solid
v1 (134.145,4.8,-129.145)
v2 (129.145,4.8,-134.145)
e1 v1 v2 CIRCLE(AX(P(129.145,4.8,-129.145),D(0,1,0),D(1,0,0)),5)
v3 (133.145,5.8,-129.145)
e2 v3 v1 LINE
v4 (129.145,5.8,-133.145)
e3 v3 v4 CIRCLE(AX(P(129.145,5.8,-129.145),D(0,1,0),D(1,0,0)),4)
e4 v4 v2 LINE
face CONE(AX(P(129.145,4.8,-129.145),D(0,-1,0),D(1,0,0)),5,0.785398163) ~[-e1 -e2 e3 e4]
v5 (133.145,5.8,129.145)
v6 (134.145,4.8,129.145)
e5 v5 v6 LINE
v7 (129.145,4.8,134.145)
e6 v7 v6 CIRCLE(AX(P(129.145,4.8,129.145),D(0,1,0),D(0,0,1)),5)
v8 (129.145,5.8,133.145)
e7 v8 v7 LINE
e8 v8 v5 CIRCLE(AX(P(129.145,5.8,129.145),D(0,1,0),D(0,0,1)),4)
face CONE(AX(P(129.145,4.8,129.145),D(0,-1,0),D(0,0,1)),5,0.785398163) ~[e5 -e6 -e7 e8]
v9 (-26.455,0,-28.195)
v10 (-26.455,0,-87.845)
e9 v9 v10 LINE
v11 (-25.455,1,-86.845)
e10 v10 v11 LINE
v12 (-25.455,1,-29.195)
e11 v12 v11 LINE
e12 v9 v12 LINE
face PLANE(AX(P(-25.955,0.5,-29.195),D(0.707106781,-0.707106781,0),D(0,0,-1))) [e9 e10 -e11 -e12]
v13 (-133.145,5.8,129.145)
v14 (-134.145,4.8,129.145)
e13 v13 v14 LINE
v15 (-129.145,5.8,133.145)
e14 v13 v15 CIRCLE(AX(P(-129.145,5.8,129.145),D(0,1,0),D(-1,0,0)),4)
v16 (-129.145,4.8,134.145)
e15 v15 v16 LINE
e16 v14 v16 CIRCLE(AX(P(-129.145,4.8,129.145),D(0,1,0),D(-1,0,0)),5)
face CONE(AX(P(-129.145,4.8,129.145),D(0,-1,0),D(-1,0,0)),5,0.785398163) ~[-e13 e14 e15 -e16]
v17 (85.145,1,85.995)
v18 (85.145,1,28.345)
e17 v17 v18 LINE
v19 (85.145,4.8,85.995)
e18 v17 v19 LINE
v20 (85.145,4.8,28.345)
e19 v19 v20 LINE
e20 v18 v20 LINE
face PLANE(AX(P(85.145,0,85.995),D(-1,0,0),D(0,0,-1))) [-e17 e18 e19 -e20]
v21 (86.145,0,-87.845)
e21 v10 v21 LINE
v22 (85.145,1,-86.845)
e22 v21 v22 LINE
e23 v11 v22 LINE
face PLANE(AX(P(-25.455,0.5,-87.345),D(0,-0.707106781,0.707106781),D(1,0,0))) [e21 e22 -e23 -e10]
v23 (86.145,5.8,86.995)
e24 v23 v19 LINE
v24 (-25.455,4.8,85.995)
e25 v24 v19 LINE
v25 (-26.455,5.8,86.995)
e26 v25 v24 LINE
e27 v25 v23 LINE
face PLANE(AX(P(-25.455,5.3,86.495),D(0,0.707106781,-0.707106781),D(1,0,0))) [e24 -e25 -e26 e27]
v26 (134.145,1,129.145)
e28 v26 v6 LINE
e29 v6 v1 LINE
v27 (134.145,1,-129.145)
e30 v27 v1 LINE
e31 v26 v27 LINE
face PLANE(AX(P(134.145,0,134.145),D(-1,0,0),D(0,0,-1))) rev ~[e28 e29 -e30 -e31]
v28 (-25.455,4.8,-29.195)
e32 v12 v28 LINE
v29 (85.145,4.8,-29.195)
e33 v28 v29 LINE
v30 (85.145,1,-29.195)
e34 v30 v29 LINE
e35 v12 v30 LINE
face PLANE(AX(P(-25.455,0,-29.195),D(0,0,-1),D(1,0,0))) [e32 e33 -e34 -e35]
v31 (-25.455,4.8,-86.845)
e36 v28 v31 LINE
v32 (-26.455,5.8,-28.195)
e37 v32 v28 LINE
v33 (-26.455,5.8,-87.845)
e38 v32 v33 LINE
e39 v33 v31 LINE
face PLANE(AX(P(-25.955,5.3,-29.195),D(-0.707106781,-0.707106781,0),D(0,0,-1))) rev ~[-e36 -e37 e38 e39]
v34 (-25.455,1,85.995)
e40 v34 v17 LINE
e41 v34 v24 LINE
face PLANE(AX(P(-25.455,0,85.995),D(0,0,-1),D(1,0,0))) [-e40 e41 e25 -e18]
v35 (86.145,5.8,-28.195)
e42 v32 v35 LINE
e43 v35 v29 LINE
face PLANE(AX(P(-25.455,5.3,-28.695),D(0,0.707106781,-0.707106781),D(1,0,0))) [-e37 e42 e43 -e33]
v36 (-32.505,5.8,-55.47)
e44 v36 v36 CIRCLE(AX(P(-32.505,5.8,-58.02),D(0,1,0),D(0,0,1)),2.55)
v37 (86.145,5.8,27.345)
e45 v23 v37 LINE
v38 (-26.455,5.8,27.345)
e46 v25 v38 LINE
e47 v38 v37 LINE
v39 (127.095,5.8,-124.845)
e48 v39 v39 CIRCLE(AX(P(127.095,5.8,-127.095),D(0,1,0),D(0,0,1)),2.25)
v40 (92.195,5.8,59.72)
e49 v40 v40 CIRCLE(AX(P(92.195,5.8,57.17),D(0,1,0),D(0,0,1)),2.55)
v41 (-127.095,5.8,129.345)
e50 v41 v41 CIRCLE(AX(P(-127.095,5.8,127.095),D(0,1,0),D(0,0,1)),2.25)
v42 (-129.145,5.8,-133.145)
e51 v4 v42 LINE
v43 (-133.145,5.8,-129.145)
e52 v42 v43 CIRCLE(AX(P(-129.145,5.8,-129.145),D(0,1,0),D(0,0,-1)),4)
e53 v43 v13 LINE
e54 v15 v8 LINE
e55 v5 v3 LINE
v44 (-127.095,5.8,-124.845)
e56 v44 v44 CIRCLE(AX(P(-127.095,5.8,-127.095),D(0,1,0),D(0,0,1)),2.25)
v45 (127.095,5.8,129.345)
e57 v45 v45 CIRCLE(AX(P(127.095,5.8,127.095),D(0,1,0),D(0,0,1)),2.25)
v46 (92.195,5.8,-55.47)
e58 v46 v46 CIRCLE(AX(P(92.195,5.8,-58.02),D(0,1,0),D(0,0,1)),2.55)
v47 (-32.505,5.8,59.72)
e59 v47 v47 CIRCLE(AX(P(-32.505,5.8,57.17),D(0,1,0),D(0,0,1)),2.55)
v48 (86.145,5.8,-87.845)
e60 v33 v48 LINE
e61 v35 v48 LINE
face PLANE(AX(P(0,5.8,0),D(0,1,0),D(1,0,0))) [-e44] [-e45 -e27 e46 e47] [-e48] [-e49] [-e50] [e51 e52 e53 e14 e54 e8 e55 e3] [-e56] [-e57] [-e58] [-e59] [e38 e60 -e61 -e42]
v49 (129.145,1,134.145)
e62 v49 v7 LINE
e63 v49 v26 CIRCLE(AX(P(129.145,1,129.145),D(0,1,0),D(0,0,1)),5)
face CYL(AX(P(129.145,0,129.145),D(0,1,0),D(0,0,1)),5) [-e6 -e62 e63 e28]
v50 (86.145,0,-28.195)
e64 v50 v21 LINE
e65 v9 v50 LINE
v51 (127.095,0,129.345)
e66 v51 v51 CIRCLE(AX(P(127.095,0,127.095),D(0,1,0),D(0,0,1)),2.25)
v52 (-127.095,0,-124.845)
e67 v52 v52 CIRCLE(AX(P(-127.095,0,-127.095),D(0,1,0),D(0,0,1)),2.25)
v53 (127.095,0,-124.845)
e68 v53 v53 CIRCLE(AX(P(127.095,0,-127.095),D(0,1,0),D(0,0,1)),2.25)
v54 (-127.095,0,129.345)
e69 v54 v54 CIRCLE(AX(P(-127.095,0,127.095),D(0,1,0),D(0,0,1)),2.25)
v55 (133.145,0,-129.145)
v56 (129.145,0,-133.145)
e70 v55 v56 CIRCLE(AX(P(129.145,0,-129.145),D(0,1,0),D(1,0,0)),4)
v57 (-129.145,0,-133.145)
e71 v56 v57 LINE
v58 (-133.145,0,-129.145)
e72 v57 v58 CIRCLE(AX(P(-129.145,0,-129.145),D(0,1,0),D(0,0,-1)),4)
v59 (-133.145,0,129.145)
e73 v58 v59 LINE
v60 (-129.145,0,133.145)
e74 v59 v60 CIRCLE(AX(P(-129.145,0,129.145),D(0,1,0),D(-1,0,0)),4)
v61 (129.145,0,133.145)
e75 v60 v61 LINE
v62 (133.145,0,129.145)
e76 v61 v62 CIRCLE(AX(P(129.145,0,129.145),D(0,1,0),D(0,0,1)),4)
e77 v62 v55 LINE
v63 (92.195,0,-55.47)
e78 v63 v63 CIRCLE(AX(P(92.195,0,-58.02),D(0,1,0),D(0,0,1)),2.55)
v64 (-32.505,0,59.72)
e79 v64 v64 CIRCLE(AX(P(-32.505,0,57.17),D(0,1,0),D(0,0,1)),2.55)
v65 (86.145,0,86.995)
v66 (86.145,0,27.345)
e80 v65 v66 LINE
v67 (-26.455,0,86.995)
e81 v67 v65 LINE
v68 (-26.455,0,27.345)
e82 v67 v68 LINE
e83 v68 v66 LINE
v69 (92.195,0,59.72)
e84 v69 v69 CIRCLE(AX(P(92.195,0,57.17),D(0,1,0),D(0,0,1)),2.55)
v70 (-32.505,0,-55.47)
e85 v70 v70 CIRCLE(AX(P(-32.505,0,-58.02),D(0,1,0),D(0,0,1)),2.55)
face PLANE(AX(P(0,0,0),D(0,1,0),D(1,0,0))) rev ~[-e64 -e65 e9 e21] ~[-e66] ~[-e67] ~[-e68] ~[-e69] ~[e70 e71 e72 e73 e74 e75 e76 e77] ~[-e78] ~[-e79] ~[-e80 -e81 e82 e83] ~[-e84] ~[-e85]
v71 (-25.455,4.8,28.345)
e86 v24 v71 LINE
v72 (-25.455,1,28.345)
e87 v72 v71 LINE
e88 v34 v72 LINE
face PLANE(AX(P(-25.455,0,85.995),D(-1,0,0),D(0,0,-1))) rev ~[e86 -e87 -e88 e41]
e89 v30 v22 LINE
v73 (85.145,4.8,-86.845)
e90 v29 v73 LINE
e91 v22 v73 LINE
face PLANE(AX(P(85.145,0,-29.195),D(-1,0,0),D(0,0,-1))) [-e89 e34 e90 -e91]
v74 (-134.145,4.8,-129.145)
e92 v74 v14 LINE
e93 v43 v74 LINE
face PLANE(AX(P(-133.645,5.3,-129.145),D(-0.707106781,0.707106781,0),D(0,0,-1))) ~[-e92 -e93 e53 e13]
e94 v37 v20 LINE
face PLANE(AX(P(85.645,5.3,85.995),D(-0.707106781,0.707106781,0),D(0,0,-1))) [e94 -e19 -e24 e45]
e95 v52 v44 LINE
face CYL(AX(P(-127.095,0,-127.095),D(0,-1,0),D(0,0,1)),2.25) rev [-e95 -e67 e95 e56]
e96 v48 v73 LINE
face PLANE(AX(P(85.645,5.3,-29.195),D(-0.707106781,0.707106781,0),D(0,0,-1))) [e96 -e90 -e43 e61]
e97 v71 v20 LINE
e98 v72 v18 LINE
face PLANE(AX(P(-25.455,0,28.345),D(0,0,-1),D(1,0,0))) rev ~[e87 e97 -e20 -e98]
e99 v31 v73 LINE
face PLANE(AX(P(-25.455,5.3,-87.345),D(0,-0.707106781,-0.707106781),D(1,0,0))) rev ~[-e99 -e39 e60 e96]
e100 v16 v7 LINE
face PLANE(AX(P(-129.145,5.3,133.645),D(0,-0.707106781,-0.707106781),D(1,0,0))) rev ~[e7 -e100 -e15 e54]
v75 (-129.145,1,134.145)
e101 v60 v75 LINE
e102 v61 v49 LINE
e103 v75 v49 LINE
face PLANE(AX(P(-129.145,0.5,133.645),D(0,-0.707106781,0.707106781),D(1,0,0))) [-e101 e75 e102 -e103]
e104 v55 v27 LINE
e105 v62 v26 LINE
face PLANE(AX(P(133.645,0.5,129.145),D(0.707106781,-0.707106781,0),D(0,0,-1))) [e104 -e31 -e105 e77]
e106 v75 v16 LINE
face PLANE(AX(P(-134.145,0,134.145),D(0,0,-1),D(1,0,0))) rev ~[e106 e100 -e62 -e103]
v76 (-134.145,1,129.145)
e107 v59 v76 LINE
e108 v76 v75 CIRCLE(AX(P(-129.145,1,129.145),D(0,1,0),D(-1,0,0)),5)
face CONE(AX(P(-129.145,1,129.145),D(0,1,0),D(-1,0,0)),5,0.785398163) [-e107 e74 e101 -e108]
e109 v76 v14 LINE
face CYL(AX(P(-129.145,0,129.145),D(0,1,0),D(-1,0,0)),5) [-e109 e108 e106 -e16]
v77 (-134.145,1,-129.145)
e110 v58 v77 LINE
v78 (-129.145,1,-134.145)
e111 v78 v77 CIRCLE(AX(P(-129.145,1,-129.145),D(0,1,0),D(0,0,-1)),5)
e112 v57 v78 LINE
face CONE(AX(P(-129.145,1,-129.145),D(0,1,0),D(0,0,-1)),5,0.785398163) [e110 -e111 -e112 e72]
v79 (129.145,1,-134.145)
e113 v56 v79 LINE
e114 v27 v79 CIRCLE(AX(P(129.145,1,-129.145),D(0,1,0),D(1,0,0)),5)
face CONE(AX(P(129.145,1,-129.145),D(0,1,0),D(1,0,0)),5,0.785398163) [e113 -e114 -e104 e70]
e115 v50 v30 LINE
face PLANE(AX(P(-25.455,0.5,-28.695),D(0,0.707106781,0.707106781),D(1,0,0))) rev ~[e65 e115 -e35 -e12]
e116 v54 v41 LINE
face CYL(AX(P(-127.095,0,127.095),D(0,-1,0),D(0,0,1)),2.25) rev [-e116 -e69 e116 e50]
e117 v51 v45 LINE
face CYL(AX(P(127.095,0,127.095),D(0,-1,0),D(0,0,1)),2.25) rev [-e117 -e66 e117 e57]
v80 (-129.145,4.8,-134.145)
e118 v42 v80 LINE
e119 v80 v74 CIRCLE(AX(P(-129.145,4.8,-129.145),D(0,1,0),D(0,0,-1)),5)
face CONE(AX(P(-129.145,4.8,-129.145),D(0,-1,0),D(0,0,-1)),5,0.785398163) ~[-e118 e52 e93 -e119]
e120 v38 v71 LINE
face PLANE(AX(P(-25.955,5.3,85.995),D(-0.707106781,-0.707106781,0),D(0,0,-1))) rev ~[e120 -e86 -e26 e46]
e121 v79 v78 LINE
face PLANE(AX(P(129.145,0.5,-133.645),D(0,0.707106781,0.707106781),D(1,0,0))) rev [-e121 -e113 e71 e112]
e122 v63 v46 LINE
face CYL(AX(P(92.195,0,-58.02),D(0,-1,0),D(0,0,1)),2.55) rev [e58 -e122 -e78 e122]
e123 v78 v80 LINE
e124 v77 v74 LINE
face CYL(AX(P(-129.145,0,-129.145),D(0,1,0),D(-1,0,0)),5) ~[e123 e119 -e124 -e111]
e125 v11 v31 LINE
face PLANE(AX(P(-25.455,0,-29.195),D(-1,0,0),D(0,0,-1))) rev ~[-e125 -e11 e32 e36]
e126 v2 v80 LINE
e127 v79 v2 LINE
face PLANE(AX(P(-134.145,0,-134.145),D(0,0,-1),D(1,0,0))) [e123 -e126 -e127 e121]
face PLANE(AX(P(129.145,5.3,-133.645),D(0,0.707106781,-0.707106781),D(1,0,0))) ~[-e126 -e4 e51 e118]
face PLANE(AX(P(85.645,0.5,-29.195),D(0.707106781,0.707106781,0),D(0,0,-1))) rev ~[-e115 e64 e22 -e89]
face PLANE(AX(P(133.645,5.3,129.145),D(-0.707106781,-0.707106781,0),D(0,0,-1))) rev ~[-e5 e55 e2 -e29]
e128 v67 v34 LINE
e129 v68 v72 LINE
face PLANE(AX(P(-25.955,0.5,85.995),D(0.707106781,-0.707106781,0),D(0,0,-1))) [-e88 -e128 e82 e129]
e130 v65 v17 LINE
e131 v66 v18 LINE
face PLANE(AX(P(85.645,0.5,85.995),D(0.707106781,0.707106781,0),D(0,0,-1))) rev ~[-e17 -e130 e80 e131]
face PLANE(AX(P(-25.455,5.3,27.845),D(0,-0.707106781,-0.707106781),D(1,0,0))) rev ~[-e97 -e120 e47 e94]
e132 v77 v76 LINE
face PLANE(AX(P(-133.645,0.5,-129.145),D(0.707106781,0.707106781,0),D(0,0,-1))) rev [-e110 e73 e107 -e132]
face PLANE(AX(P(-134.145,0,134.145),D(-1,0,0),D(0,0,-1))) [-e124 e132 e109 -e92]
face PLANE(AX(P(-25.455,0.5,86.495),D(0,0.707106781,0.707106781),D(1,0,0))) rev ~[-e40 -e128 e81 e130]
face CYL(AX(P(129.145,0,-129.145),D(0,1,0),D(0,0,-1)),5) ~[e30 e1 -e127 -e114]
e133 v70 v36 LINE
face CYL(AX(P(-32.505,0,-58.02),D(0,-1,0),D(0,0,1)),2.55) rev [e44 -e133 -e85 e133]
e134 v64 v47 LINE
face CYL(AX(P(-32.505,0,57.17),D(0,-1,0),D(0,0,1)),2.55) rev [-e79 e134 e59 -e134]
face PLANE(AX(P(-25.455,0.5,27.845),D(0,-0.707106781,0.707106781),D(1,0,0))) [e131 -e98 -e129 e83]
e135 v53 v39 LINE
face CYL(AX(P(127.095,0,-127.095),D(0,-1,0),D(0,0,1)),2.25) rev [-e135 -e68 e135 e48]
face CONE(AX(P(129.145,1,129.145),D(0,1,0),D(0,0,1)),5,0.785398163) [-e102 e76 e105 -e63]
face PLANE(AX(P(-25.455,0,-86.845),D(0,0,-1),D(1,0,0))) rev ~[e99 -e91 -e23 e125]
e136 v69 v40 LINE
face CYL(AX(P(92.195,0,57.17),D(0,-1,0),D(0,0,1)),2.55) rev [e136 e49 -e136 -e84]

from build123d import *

# Parameters (mm, degrees)
SKETCH1_W           = 268.29
SKETCH1_H           = 268.29
SKETCH1_R           = 2.25
SKETCH1_R_2         = 2.55
SKETCH1_W_2         = 110.6
SKETCH1_H_2         = 57.65
BOSS_EXTRUDE1_DEPTH = 5.8
FILLET1_R           = 5
CHAMFER1_SIZE       = 1


with BuildPart() as part:
    # Sketch1 → Boss-Extrude1 (new body)
    with BuildSketch(Plane(origin=(0, 0, 0), x_dir=(1, 0, 0), z_dir=(0, 1, 0))):
        Rectangle(SKETCH1_W, SKETCH1_H)
        with Locations(Location((-127.095, 127.095, 0), (0, 0, 270))):
            Circle(SKETCH1_R, mode=Mode.SUBTRACT)
        with Locations(Location((127.095, 127.095, 0), (0, 0, 270))):
            Circle(SKETCH1_R, mode=Mode.SUBTRACT)
        with Locations(Location((127.095, -127.095, 0), (0, 0, 270))):
            Circle(SKETCH1_R, mode=Mode.SUBTRACT)
        with Locations(Location((-127.095, -127.095, 0), (0, 0, 270))):
            Circle(SKETCH1_R, mode=Mode.SUBTRACT)
        with Locations(Location((-32.505, 58.02, 0), (0, 0, 270))):
            Circle(SKETCH1_R_2, mode=Mode.SUBTRACT)
        with Locations(Location((-32.505, -57.17, 0), (0, 0, 270))):
            Circle(SKETCH1_R_2, mode=Mode.SUBTRACT)
        with Locations(Location((92.195, -57.17, 0), (0, 0, 270))):
            Circle(SKETCH1_R_2, mode=Mode.SUBTRACT)
        with Locations(Location((92.195, 58.02, 0), (0, 0, 270))):
            Circle(SKETCH1_R_2, mode=Mode.SUBTRACT)
        with Locations((29.845, 58.02)):
            Rectangle(SKETCH1_W_2, SKETCH1_H_2, mode=Mode.SUBTRACT)
        with Locations((29.845, -57.17)):
            Rectangle(SKETCH1_W_2, SKETCH1_H_2, mode=Mode.SUBTRACT)
    extrude(amount=BOSS_EXTRUDE1_DEPTH)

    # Fillet1
    fillet1_edges = [part.edges().sort_by_distance(p)[0] for p in [
        (134.145, 2.9, 134.145),
        (-134.145, 2.9, 134.145),
        (-134.145, 2.9, -134.145),
        (134.145, 2.9, -134.145),
    ]]
    fillet(fillet1_edges, radius=FILLET1_R)

    # Chamfer1
    chamfer1_edges = [part.edges().sort_by_distance(p)[0] for p in [
        (85.145, 0, 57.17),
        (29.845, 0, 28.345),
        (-25.455, 0, 57.17),
        (29.845, 0, 85.995),
        (85.145, 5.8, 57.17),
        (29.845, 5.8, 28.345),
        (-25.455, 5.8, 57.17),
        (29.845, 5.8, 85.995),
        (85.145, 0, -58.02),
        (29.845, 0, -86.845),
        (-25.455, 0, -58.02),
        (29.845, 0, -29.195),
        (85.145, 5.8, -58.02),
        (29.845, 5.8, -86.845),
        (-25.455, 5.8, -58.02),
        (29.845, 5.8, -29.195),
        (134.145, 0, 0),
        (134.145, 5.8, 0),
        (0, 0, 134.145),
        (-134.145, 0, 0),
        (0, 0, -134.145),
        (-132.680533906, 0, 132.680533906),
        (-132.680533906, 0, -132.680533906),
        (132.680533906, 0, -132.680533906),
        (132.680533906, 0, 132.680533906),
        (0, 5.8, 134.145),
        (0, 5.8, -134.145),
        (-134.145, 5.8, 0),
        (-132.680533906, 5.8, 132.680533906),
        (-132.680533906, 5.8, -132.680533906),
        (132.680533906, 5.8, -132.680533906),
        (132.680533906, 5.8, 132.680533906),
    ]]
    chamfer(chamfer1_edges, length=CHAMFER1_SIZE)


solid = part.part
